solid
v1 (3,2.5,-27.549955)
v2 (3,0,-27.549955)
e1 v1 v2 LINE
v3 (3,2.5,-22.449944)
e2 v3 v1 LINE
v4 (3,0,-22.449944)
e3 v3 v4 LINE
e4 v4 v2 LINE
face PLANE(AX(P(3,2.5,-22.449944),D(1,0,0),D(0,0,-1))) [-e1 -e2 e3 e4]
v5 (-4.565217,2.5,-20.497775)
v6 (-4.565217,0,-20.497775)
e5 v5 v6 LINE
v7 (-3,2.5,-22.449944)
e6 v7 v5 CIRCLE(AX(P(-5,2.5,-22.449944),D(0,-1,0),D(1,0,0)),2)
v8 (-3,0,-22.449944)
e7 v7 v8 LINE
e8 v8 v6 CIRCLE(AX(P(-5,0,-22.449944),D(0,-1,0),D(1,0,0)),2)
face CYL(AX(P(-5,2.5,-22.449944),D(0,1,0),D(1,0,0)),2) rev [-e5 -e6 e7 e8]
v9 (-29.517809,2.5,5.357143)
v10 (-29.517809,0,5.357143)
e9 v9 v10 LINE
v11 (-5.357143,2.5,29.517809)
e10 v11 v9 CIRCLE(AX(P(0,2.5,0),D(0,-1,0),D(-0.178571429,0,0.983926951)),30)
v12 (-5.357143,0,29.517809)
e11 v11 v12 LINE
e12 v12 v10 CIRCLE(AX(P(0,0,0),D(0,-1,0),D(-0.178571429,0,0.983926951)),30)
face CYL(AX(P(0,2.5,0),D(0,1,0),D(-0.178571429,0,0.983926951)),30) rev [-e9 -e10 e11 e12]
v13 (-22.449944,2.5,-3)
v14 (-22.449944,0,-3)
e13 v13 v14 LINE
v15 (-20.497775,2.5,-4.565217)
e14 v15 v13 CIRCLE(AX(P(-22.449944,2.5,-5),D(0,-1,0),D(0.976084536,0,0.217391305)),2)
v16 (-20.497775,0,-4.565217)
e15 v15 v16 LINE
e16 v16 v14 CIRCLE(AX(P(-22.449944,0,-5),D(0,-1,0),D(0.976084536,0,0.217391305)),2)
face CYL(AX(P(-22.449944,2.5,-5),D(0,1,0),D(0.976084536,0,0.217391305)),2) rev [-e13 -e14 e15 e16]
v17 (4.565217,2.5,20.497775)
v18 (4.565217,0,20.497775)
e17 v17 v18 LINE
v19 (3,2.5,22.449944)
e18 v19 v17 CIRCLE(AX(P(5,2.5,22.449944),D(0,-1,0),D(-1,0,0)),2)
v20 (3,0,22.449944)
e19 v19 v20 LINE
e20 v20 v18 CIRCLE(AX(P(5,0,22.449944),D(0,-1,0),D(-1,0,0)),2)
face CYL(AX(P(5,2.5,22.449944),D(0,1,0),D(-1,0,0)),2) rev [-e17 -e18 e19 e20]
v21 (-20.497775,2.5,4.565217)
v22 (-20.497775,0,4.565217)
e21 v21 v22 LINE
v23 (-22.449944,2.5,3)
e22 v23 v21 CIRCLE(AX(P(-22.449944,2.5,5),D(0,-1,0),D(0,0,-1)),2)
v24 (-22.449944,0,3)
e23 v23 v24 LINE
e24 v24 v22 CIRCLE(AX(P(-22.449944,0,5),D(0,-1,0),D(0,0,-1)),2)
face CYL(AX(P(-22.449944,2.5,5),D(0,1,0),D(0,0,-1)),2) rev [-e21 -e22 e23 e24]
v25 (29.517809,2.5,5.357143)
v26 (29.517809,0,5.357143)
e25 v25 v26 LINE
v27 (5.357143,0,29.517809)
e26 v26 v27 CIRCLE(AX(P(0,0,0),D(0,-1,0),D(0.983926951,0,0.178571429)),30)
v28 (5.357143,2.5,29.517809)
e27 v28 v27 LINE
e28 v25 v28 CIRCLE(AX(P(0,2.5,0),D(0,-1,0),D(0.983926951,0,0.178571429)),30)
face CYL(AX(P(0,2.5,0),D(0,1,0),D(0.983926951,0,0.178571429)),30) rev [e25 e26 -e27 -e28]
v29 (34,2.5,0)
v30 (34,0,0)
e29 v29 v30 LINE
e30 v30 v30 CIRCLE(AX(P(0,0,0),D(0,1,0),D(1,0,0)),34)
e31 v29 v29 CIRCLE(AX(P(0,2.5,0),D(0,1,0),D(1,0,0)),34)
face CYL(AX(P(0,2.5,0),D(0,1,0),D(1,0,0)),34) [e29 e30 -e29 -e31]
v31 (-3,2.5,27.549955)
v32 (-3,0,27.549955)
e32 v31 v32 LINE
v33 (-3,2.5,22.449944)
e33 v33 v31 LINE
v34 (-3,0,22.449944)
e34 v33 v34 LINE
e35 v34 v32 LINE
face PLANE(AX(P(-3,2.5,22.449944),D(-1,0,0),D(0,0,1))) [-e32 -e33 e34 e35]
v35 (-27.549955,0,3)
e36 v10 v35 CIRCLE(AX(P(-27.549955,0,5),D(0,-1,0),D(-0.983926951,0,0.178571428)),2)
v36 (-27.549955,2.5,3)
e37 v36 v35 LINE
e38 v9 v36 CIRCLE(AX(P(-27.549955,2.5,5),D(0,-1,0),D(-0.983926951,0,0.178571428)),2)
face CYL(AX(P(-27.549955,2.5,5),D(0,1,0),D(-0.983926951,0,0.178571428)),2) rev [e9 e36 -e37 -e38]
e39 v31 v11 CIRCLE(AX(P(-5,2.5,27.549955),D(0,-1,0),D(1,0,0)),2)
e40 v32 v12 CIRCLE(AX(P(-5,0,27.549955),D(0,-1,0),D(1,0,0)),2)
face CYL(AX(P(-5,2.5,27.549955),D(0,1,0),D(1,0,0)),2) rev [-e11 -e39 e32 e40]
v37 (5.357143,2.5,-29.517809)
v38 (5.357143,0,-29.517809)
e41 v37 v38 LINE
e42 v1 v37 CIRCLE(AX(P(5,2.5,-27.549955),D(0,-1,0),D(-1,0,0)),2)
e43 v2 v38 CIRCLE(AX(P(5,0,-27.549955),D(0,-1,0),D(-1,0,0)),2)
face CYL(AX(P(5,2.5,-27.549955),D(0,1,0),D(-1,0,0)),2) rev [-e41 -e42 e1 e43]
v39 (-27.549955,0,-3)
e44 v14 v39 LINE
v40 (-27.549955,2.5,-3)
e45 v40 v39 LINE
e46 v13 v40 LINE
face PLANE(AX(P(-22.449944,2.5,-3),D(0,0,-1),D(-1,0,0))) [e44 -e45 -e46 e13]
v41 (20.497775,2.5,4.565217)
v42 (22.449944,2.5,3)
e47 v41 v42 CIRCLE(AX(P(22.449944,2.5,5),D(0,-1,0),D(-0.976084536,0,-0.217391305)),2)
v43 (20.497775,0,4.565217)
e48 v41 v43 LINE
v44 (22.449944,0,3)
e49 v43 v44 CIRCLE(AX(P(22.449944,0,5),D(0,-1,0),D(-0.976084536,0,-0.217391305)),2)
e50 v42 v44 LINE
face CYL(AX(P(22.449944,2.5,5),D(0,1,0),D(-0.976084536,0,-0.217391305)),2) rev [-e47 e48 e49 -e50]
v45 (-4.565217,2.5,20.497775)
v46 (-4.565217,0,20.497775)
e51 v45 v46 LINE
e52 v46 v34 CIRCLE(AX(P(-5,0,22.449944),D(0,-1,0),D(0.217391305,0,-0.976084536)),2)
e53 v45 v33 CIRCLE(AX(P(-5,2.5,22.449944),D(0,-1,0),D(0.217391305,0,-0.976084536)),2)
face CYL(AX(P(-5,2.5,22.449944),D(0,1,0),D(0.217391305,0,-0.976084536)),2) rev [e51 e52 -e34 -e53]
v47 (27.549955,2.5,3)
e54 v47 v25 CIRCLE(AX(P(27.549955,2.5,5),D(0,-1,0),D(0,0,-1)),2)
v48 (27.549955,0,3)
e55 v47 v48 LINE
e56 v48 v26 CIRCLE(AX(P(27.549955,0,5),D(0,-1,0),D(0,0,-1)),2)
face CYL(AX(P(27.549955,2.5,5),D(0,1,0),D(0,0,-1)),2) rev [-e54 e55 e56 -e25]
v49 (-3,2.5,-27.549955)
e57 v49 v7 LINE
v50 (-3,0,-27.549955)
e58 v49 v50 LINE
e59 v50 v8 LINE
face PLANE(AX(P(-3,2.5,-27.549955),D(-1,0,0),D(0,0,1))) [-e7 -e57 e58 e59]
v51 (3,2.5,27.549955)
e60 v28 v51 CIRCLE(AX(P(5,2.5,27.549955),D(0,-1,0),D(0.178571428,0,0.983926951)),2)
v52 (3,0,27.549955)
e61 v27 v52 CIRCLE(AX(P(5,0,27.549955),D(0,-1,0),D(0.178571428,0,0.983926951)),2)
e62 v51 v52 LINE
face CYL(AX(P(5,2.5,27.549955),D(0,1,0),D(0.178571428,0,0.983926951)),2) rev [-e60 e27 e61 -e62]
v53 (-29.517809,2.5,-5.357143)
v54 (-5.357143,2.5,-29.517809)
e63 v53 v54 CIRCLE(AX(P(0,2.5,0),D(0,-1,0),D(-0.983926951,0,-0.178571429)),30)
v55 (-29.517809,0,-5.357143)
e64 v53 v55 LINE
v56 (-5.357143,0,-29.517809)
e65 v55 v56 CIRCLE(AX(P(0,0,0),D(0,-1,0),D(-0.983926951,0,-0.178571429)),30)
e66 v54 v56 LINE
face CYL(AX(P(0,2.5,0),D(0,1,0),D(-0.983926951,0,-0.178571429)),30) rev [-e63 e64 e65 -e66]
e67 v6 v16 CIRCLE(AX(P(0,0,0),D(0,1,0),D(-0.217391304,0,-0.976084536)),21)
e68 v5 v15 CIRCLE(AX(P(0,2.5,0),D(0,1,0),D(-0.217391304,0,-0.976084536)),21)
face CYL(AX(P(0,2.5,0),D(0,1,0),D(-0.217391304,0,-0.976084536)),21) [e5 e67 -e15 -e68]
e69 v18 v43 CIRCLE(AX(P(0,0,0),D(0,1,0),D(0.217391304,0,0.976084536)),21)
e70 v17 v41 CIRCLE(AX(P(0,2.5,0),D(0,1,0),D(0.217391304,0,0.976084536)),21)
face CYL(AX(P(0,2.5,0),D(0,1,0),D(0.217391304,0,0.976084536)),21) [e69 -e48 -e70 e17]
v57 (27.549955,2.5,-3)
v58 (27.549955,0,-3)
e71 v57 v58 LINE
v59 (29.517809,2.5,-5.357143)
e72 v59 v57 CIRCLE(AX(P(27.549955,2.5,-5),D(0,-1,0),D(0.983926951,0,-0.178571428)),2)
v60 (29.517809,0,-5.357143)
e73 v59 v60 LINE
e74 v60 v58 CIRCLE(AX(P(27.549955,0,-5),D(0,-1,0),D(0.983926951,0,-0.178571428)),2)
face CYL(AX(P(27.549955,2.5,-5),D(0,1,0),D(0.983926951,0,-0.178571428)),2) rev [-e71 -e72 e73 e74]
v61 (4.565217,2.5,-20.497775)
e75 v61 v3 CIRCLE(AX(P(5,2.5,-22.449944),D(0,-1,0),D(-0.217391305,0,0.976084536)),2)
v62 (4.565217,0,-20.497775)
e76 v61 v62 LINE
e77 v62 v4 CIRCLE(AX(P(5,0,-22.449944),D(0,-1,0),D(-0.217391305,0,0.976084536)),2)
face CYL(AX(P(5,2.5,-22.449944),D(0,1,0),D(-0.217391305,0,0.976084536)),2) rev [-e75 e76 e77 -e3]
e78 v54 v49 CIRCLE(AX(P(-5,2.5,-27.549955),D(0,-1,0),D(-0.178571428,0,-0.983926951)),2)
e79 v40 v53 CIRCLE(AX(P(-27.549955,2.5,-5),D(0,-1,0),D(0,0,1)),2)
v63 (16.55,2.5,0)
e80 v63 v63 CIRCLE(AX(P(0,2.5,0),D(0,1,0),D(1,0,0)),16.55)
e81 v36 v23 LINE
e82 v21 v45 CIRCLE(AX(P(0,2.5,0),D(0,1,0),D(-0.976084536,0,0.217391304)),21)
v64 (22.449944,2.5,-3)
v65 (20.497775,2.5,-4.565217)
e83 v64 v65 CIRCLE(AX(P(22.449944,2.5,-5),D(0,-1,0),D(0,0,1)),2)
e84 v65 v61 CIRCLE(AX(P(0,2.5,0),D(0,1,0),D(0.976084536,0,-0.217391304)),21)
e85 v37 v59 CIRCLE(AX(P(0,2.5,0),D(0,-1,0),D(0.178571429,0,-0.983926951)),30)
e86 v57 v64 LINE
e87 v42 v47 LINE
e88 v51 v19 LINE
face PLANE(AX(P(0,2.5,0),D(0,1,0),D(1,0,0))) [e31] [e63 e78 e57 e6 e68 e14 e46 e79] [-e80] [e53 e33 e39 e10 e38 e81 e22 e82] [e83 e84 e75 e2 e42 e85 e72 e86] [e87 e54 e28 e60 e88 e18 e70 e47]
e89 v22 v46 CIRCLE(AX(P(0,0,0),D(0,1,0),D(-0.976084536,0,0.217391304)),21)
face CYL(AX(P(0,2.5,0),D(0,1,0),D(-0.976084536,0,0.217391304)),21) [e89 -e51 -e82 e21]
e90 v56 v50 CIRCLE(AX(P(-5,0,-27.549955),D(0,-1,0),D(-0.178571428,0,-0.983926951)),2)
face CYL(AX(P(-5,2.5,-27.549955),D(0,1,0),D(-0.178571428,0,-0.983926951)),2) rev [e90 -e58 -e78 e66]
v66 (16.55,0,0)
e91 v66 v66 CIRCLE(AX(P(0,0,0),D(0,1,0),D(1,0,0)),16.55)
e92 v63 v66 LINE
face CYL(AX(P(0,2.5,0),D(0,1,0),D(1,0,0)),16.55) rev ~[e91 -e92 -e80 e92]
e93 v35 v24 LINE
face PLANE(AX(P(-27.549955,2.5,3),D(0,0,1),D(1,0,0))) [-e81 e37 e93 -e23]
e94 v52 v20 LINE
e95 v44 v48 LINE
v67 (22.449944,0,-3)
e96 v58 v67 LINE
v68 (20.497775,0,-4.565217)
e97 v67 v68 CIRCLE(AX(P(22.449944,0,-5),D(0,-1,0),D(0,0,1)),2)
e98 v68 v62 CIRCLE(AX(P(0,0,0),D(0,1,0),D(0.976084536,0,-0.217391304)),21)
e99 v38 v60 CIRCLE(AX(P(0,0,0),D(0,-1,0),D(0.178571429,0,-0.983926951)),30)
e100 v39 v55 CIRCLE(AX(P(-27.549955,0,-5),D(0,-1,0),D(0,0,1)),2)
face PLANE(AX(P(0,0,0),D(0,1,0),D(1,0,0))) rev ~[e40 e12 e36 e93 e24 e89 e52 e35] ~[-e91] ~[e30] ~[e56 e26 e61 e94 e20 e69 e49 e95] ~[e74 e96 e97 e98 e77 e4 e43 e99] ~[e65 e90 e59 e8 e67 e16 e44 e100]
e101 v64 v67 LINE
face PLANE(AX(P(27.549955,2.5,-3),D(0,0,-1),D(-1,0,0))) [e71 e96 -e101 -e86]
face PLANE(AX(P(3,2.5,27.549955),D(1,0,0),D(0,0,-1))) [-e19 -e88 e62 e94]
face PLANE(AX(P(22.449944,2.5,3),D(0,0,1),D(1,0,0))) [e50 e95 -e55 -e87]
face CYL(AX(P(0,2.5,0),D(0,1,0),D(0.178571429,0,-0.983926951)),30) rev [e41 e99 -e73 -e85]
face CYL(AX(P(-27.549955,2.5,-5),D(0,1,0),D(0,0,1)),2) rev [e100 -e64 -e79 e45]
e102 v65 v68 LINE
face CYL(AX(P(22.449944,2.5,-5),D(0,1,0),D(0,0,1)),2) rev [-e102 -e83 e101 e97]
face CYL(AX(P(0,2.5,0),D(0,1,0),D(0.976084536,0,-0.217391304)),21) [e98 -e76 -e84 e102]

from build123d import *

# Parameters (mm, degrees)
SKETCH_1_R      = 34
SKETCH_1_R_2    = 16.55
EXTRUDE_1_DEPTH = 2.5


with BuildPart() as part:
    # 草图1 → 凸台-拉伸1 (new body)
    with BuildSketch(Plane(origin=(0, 2.5, 0), x_dir=(1, 0, 0), z_dir=(0, 1, 0))):
        Circle(SKETCH_1_R)
        Circle(SKETCH_1_R_2, mode=Mode.SUBTRACT)
        with BuildLine():
            Line((-3, -22.449944321), (-3, -27.549954628))
            ThreePointArc((-3, -27.549954628), (-3.718260111, -29.085253575), (-5.357142857, -29.51780853))
            ThreePointArc((-5.357142857, -29.51780853), (-21.213203436, -21.213203436), (-29.51780853, -5.357142857))
            ThreePointArc((-29.51780853, -5.357142857), (-29.085253575, -3.718260111), (-27.549954628, -3))
            Line((-27.549954628, -3), (-22.449944321, -3))
            ThreePointArc((-22.449944321, -3), (-21.198857836, -3.439621005), (-20.497775249, -4.565217391))
            ThreePointArc((-20.497775249, -4.565217391), (-14.849242405, -14.849242405), (-4.565217391, -20.497775249))
            ThreePointArc((-4.565217391, -20.497775249), (-3.439621005, -21.198857836), (-3, -22.449944321))
        make_face(mode=Mode.SUBTRACT)
        with BuildLine():
            Line((-22.449944321, 3), (-27.549954628, 3))
            ThreePointArc((-27.549954628, 3), (-29.085253575, 3.718260111), (-29.51780853, 5.357142857))
            ThreePointArc((-29.51780853, 5.357142857), (-21.213203436, 21.213203436), (-5.357142857, 29.51780853))
            ThreePointArc((-5.357142857, 29.51780853), (-3.718260111, 29.085253575), (-3, 27.549954628))
            Line((-3, 27.549954628), (-3, 22.449944321))
            ThreePointArc((-3, 22.449944321), (-3.439621005, 21.198857836), (-4.565217391, 20.497775249))
            ThreePointArc((-4.565217391, 20.497775249), (-14.849242405, 14.849242405), (-20.497775249, 4.565217391))
            ThreePointArc((-20.497775249, 4.565217391), (-21.198857836, 3.439621005), (-22.449944321, 3))
        make_face(mode=Mode.SUBTRACT)
        with BuildLine():
            Line((3, 22.449944321), (3, 27.549954628))
            ThreePointArc((3, 27.549954628), (3.718260111, 29.085253575), (5.357142857, 29.51780853))
            ThreePointArc((5.357142857, 29.51780853), (21.213203436, 21.213203436), (29.51780853, 5.357142857))
            ThreePointArc((29.51780853, 5.357142857), (29.085253575, 3.718260111), (27.549954628, 3))
            Line((27.549954628, 3), (22.449944321, 3))
            ThreePointArc((22.449944321, 3), (21.198857836, 3.439621005), (20.497775249, 4.565217391))
            ThreePointArc((20.497775249, 4.565217391), (14.849242405, 14.849242405), (4.565217391, 20.497775249))
            ThreePointArc((4.565217391, 20.497775249), (3.439621005, 21.198857836), (3, 22.449944321))
        make_face(mode=Mode.SUBTRACT)
        with BuildLine():
            Line((22.449944321, -3), (27.549954628, -3))
            ThreePointArc((27.549954628, -3), (29.085253575, -3.718260111), (29.51780853, -5.357142857))
            ThreePointArc((29.51780853, -5.357142857), (21.213203436, -21.213203436), (5.357142857, -29.51780853))
            ThreePointArc((5.357142857, -29.51780853), (3.718260111, -29.085253575), (3, -27.549954628))
            Line((3, -27.549954628), (3, -22.449944321))
            ThreePointArc((3, -22.449944321), (3.439621005, -21.198857836), (4.565217391, -20.497775249))
            ThreePointArc((4.565217391, -20.497775249), (14.849242405, -14.849242405), (20.497775249, -4.565217391))
            ThreePointArc((20.497775249, -4.565217391), (21.198857836, -3.439621005), (22.449944321, -3))
        make_face(mode=Mode.SUBTRACT)
    extrude(amount=-EXTRUDE_1_DEPTH)


solid = part.part
